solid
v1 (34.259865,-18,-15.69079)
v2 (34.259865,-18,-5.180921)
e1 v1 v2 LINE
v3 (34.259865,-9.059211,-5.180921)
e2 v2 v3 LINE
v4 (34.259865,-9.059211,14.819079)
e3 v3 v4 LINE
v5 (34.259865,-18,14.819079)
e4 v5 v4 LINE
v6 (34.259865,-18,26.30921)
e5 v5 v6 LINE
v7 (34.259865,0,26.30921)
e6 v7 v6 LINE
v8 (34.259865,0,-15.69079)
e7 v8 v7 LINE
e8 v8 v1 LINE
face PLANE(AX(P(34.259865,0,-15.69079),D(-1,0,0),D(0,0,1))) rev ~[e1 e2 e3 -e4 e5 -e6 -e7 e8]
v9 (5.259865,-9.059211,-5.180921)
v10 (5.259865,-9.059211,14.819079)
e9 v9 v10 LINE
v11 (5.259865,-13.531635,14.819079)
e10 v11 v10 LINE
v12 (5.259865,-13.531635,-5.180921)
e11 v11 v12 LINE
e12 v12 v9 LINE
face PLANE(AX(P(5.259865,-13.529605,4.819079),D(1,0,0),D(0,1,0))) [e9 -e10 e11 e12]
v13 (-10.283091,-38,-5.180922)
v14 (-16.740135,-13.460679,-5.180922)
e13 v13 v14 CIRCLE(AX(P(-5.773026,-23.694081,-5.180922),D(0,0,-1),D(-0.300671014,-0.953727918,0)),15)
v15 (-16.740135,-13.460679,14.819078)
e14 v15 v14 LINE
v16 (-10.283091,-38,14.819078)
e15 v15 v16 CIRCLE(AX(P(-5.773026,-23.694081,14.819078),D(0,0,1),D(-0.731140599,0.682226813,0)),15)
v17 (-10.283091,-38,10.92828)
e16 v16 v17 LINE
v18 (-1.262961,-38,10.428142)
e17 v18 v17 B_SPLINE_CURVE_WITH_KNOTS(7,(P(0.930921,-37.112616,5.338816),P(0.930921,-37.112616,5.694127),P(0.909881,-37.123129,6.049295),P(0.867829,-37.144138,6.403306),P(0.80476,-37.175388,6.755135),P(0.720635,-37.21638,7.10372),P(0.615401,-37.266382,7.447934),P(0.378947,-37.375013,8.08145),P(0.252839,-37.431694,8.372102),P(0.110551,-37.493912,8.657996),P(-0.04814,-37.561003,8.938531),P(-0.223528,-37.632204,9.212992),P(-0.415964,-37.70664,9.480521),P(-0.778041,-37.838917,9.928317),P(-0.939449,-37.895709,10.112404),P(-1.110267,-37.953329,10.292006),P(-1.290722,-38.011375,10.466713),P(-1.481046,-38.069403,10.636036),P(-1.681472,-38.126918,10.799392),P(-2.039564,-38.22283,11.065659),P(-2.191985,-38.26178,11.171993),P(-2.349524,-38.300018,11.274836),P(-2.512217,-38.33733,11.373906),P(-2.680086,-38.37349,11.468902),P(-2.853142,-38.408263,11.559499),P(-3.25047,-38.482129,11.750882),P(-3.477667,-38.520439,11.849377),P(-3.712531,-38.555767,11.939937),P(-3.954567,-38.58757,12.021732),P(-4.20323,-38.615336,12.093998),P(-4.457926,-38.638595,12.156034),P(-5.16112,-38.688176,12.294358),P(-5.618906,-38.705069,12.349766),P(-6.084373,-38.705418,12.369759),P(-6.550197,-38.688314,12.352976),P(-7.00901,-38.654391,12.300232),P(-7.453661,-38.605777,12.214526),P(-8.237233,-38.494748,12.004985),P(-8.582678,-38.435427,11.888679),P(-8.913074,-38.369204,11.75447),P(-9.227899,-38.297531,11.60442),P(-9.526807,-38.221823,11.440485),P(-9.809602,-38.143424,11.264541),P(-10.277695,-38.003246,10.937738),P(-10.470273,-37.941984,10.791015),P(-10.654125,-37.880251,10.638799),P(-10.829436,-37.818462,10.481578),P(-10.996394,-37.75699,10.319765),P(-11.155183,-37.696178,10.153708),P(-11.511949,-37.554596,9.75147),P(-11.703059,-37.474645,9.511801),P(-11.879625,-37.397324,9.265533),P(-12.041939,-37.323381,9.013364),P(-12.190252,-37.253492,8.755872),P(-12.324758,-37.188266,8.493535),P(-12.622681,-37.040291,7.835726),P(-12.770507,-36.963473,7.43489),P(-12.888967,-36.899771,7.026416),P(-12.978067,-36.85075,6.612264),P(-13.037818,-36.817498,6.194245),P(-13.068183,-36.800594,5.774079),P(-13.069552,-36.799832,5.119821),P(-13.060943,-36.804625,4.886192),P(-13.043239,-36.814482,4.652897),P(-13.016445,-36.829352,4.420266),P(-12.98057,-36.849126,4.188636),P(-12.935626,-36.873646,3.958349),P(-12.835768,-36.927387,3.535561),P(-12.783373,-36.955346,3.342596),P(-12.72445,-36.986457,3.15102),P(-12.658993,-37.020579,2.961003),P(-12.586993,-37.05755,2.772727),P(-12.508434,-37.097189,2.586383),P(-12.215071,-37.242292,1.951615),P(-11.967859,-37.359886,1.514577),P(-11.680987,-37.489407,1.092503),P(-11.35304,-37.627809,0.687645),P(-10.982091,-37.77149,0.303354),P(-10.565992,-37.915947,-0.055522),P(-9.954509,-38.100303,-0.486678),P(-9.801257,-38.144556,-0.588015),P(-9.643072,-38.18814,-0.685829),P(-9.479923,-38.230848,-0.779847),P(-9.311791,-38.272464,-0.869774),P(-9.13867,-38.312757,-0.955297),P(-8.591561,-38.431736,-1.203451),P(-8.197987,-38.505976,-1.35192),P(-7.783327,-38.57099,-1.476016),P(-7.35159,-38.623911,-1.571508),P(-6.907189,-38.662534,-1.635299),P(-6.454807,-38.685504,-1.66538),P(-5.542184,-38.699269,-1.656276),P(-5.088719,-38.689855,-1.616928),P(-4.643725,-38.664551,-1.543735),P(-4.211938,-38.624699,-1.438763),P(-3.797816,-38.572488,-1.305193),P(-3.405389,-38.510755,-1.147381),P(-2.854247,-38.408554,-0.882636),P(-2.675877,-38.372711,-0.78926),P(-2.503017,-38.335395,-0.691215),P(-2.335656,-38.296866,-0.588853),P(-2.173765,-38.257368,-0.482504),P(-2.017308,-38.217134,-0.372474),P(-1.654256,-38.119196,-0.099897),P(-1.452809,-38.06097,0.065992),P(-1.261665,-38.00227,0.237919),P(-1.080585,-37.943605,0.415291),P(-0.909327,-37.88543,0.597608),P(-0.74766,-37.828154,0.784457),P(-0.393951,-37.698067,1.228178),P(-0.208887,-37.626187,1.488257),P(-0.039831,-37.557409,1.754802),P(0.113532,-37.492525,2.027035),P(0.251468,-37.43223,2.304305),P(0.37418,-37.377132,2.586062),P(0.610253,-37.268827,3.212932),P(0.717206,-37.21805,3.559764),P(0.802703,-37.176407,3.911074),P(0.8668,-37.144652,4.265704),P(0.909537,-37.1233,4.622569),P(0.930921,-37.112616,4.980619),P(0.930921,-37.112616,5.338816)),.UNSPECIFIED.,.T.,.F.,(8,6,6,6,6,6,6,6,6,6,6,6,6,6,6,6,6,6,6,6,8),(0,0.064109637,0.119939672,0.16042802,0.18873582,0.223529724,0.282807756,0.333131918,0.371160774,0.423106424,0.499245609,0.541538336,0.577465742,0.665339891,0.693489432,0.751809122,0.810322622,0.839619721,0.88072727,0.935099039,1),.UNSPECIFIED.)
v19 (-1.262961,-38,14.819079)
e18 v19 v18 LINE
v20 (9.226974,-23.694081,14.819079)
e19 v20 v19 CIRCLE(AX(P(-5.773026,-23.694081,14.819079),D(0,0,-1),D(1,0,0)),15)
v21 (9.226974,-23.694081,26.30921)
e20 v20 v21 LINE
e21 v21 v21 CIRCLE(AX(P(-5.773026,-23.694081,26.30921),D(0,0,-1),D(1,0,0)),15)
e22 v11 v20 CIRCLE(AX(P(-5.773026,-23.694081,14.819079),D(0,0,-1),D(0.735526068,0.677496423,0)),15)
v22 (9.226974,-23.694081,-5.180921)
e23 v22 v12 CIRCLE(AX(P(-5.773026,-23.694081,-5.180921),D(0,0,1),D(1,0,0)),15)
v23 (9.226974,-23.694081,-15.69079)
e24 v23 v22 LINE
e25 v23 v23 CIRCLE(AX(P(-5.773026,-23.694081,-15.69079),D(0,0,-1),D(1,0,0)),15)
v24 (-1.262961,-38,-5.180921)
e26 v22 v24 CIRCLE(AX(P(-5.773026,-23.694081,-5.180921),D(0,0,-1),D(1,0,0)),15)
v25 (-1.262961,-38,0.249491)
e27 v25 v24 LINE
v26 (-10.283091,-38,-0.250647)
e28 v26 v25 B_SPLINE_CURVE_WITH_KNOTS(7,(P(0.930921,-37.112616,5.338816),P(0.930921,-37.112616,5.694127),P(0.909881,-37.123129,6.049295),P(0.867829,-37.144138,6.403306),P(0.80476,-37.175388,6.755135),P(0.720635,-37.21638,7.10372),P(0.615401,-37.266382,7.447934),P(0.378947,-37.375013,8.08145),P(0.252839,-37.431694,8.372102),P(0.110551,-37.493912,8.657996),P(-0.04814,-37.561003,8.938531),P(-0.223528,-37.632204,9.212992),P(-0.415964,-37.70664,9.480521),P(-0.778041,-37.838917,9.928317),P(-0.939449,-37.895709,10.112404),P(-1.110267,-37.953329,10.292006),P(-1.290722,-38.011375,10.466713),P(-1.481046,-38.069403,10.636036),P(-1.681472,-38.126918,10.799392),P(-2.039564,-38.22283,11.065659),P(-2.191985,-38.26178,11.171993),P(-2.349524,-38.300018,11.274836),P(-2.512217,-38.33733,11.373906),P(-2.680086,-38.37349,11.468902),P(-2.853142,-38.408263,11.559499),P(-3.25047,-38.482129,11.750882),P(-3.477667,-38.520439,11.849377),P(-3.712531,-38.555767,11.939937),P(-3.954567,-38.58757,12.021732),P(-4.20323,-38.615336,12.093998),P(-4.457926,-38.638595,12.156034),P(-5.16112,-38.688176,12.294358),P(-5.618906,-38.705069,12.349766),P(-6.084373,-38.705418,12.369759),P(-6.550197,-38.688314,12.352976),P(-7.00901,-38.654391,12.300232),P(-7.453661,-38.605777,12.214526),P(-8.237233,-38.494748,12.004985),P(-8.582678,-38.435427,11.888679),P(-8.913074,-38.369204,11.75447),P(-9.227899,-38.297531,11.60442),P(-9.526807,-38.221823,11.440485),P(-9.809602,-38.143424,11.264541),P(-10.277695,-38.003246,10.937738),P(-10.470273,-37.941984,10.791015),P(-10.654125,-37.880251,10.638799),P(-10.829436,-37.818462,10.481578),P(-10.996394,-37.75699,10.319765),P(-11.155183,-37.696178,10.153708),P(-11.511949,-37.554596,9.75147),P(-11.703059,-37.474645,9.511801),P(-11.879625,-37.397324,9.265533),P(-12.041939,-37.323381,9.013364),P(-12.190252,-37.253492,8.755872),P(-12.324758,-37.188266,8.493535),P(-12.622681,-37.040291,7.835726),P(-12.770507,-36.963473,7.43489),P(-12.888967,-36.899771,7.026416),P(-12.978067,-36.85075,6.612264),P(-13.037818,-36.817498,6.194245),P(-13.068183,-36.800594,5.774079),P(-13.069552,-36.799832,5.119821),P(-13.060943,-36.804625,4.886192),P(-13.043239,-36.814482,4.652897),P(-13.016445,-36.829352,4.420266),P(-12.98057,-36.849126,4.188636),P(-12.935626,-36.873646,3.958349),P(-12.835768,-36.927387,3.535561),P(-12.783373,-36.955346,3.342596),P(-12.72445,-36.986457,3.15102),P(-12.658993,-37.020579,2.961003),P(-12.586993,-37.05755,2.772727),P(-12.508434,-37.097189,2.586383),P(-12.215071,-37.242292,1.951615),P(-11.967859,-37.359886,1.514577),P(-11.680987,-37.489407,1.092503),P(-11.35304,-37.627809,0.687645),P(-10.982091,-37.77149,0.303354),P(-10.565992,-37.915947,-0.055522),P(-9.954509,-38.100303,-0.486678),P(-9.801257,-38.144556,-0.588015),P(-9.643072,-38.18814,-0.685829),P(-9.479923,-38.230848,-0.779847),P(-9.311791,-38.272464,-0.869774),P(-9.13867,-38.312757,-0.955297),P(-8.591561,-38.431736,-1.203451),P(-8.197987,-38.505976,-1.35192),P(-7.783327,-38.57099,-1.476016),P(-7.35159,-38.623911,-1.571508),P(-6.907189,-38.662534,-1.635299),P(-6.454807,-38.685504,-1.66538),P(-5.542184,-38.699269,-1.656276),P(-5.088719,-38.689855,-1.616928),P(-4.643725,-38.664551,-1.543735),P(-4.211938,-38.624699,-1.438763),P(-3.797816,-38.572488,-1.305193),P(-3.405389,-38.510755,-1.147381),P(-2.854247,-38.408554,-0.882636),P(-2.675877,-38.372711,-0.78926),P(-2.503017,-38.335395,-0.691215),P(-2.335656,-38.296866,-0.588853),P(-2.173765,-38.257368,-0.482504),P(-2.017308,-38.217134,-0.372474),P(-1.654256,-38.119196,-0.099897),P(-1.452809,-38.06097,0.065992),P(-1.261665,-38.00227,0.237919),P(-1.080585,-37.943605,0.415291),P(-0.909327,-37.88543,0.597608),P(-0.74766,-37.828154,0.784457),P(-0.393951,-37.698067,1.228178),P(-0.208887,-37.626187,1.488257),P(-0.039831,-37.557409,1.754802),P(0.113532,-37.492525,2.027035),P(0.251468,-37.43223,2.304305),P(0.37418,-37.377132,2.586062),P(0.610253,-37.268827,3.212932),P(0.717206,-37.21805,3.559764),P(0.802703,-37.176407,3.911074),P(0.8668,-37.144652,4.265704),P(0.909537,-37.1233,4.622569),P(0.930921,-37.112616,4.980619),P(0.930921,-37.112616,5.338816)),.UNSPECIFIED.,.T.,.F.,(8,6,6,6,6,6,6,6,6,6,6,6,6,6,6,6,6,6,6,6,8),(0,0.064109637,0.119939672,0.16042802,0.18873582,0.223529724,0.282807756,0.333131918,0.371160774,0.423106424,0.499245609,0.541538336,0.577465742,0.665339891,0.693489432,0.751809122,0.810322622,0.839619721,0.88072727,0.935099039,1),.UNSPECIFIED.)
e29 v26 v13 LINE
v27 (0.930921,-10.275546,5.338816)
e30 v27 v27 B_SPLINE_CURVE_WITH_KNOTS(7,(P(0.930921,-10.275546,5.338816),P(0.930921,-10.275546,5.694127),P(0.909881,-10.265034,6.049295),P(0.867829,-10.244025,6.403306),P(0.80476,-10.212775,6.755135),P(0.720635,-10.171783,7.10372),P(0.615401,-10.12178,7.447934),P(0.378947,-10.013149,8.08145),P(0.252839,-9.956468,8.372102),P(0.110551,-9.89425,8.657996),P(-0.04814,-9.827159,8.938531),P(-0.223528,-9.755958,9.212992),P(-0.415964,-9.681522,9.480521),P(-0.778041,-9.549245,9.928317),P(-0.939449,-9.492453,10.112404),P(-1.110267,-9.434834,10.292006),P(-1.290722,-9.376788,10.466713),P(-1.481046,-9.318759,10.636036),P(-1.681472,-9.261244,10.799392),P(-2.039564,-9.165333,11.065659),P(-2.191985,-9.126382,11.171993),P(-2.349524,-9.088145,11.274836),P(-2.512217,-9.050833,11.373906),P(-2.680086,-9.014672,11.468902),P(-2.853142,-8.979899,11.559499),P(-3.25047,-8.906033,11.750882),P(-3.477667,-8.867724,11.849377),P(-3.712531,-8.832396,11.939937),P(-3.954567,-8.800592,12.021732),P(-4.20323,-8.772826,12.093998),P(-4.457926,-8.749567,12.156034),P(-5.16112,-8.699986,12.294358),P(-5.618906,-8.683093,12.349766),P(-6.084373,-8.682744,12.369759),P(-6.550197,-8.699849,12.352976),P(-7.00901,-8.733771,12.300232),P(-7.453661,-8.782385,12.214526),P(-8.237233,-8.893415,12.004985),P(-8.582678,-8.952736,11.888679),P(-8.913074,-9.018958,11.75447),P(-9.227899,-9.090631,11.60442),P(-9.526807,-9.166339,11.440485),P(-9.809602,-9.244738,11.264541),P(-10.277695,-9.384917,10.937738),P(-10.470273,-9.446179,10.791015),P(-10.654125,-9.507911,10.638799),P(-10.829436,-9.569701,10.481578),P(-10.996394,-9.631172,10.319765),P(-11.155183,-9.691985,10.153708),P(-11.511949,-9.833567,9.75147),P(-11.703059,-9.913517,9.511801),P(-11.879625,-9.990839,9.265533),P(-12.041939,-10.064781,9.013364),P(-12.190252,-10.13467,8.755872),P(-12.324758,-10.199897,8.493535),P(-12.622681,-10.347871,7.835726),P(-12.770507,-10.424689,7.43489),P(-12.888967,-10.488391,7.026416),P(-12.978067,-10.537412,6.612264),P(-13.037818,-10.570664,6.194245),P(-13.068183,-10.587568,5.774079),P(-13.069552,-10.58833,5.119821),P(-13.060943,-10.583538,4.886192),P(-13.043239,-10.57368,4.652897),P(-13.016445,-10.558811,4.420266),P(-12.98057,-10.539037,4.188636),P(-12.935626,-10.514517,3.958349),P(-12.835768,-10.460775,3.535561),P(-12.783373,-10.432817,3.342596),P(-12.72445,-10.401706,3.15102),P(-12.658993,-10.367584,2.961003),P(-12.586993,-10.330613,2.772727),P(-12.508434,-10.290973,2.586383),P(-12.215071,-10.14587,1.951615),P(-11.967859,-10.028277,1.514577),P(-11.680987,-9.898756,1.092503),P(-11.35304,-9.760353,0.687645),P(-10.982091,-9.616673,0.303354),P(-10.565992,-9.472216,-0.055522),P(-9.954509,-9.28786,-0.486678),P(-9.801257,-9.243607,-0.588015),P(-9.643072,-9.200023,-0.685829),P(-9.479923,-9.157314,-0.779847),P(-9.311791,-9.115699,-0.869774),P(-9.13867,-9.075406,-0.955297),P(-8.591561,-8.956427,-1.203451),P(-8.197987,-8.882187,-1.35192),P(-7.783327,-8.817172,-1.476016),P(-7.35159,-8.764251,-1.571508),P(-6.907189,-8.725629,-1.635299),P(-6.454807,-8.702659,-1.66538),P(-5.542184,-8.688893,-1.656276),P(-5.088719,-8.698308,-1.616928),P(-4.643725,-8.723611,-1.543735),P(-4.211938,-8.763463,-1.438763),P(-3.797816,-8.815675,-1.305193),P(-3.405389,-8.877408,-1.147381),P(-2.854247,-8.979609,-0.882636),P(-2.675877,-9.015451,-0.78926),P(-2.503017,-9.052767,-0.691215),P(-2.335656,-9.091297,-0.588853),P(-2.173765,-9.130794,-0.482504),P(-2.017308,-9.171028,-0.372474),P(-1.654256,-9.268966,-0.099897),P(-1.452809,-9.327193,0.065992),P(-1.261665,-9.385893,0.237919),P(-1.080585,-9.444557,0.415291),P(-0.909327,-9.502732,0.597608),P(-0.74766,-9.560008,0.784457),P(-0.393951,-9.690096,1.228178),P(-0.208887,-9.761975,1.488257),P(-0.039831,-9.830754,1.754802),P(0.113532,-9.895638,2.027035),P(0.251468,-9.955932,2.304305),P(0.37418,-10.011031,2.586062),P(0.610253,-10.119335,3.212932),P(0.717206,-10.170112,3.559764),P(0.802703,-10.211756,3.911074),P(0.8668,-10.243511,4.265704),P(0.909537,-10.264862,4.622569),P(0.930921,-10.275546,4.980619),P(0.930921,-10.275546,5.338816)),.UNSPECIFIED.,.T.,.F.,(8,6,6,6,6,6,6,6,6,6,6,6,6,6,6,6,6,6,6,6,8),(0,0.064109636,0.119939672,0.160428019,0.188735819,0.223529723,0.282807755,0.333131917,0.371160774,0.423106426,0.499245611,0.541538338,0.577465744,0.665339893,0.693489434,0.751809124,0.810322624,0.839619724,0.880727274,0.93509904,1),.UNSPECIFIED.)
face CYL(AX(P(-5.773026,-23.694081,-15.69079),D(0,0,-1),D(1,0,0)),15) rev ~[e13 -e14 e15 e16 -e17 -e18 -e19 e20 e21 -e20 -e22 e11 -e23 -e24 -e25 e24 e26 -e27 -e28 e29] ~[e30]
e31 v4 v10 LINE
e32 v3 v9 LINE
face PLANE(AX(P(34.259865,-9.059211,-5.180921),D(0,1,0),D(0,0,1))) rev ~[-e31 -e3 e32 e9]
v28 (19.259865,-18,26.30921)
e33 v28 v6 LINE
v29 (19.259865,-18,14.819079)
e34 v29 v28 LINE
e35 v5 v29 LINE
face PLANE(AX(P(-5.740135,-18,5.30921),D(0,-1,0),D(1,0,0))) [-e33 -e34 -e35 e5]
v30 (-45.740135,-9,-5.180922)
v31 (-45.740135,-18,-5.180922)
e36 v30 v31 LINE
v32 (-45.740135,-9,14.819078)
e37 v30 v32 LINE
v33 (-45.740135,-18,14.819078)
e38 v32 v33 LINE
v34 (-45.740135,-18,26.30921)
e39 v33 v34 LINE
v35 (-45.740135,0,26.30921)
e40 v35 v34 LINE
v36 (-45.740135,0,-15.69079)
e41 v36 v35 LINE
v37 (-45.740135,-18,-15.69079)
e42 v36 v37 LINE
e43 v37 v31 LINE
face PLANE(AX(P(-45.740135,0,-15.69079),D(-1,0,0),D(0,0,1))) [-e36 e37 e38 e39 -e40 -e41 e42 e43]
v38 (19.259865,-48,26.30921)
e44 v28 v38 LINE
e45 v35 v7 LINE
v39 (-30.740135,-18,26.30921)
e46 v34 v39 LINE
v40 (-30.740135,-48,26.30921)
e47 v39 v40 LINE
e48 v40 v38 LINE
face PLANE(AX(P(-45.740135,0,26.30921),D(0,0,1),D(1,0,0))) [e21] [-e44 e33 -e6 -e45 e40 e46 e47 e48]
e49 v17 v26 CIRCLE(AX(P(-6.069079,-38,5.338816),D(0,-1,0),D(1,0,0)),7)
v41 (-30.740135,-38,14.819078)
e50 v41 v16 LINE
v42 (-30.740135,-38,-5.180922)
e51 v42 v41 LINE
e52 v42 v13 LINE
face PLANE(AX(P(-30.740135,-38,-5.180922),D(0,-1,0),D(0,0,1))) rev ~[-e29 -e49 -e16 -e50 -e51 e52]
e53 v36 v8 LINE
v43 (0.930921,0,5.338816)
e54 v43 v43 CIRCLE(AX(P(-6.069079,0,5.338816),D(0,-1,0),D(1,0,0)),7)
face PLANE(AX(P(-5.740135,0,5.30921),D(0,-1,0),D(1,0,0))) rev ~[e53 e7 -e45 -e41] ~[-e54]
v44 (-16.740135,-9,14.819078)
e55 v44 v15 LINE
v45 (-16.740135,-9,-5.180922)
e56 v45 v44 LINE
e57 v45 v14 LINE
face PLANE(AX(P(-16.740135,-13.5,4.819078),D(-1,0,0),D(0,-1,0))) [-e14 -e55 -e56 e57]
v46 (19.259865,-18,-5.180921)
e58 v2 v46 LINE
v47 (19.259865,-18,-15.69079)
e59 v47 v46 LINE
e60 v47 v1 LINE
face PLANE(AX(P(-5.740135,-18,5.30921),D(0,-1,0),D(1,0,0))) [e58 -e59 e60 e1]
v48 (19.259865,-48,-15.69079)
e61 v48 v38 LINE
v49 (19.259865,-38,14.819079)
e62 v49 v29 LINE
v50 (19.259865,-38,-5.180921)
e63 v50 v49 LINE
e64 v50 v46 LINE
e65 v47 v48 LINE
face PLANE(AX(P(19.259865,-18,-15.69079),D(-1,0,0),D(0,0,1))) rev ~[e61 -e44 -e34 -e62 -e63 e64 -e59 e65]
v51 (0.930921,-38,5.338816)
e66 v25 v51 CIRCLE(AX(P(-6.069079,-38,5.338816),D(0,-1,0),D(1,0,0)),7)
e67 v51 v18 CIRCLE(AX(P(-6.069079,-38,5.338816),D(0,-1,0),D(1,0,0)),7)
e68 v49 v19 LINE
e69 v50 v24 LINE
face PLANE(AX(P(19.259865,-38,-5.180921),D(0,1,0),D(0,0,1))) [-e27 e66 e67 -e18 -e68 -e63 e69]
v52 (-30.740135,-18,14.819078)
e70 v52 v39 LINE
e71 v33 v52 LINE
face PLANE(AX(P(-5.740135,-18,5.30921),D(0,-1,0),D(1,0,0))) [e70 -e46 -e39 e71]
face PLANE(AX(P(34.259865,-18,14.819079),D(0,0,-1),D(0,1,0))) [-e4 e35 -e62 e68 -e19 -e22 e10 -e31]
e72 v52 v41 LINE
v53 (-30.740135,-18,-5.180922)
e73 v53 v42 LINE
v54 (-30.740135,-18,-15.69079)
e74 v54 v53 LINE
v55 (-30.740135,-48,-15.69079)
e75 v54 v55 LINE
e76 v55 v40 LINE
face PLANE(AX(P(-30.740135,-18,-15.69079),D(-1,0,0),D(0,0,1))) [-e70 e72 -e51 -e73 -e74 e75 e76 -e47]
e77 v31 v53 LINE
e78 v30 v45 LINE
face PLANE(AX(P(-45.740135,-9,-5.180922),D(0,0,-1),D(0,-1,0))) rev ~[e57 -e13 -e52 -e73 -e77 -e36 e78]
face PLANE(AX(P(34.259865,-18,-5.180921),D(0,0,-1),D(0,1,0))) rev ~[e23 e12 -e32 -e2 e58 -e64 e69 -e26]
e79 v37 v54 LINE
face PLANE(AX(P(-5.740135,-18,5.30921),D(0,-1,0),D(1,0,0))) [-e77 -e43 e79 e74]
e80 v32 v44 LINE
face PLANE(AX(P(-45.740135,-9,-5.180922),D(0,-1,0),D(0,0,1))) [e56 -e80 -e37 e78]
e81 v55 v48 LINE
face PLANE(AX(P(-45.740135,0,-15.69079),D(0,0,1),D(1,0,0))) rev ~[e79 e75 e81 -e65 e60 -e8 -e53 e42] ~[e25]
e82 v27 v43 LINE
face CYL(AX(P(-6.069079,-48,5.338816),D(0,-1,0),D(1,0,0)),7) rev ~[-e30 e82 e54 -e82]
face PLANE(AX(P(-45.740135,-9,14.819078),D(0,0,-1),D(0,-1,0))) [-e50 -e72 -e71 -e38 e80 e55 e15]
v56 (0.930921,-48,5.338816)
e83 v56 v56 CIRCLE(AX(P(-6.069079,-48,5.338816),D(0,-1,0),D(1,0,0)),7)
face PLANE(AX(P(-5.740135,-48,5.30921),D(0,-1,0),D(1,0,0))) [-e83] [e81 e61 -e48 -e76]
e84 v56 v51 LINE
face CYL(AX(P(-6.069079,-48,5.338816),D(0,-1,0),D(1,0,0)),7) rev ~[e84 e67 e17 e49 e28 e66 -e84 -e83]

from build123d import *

# Parameters (mm, degrees)
F0_W      = 80
F0_H      = 42
F1_DEPTH  = 18
F2_W      = 50
F2_H      = 42
F3_DEPTH  = 30
F4_R      = 7
F5_DEPTH  = 48
F6_R      = 15
F7_DEPTH  = 42
F9_W      = 8.9407891482
F9_H      = 20
F10_DEPTH = 29
F11_W     = 20
F11_H     = 20
F12_DEPTH = 29
F13_W     = 20
F13_H     = 20
F14_DEPTH = 29
F15_W     = 9
F15_H     = 20
F16_DEPTH = 29


with BuildPart() as f1:
    # F0 (on Front) → F1 (new body)
    with BuildSketch(Plane.XZ):
        with Locations((-5.7401350141, 5.3092095107)):
            Rectangle(F0_W, F0_H)
    extrude(amount=F1_DEPTH)

    # F2 (on face) → F3 (join)
    with BuildSketch(Plane.XZ.offset(18)):
        with Locations((-5.7401350141, 5.3092095107)):
            Rectangle(F2_W, F2_H)
    extrude(amount=F3_DEPTH)

    # F4 (on face) → F5 (cut)
    with BuildSketch(Plane.XZ.offset(48)):
        with Locations((-6.0690785758, 5.3388164379)):
            Circle(F4_R)
    extrude(amount=-F5_DEPTH, mode=Mode.SUBTRACT)

    # F6 (on face) → F7 (cut)
    with BuildSketch(Plane(origin=(0, 0, -15.6907904893), x_dir=(1, 0, 0), z_dir=(0, 0, -1))):
        with Locations((-5.7730260305, 23.694081232)):
            Circle(F6_R)
    extrude(amount=-F7_DEPTH, mode=Mode.SUBTRACT)

    # F9 (on face) → F10 (cut)
    with BuildSketch(Plane.YZ.offset(34.2598649859)):
        with Locations((-13.5296054259, 4.8190790601)):
            Rectangle(F9_W, F9_H)
    extrude(amount=-F10_DEPTH, mode=Mode.SUBTRACT)

    # F11 (on face) → F12 (cut)
    with BuildSketch(Plane.YZ.offset(19.2598649859)):
        with Locations((-28, 4.8190790601)):
            Rectangle(F11_W, F11_H)
    extrude(amount=-F12_DEPTH, mode=Mode.SUBTRACT)

    # F13 (on face) → F14 (cut)
    with BuildSketch(Plane(origin=(-30.7401350141, 0, 0), x_dir=(0, -1, 0), z_dir=(-1, 0, 0))):
        with Locations((28, 4.8190776631)):
            Rectangle(F13_W, F13_H)
    extrude(amount=-F14_DEPTH, mode=Mode.SUBTRACT)

    # F15 (on face) → F16 (cut)
    with BuildSketch(Plane(origin=(-45.7401350141, 0, 0), x_dir=(0, -1, 0), z_dir=(-1, 0, 0))):
        with Locations((13.5, 4.8190776631)):
            Rectangle(F15_W, F15_H)
    extrude(amount=-F16_DEPTH, mode=Mode.SUBTRACT)


solid = f1.part
